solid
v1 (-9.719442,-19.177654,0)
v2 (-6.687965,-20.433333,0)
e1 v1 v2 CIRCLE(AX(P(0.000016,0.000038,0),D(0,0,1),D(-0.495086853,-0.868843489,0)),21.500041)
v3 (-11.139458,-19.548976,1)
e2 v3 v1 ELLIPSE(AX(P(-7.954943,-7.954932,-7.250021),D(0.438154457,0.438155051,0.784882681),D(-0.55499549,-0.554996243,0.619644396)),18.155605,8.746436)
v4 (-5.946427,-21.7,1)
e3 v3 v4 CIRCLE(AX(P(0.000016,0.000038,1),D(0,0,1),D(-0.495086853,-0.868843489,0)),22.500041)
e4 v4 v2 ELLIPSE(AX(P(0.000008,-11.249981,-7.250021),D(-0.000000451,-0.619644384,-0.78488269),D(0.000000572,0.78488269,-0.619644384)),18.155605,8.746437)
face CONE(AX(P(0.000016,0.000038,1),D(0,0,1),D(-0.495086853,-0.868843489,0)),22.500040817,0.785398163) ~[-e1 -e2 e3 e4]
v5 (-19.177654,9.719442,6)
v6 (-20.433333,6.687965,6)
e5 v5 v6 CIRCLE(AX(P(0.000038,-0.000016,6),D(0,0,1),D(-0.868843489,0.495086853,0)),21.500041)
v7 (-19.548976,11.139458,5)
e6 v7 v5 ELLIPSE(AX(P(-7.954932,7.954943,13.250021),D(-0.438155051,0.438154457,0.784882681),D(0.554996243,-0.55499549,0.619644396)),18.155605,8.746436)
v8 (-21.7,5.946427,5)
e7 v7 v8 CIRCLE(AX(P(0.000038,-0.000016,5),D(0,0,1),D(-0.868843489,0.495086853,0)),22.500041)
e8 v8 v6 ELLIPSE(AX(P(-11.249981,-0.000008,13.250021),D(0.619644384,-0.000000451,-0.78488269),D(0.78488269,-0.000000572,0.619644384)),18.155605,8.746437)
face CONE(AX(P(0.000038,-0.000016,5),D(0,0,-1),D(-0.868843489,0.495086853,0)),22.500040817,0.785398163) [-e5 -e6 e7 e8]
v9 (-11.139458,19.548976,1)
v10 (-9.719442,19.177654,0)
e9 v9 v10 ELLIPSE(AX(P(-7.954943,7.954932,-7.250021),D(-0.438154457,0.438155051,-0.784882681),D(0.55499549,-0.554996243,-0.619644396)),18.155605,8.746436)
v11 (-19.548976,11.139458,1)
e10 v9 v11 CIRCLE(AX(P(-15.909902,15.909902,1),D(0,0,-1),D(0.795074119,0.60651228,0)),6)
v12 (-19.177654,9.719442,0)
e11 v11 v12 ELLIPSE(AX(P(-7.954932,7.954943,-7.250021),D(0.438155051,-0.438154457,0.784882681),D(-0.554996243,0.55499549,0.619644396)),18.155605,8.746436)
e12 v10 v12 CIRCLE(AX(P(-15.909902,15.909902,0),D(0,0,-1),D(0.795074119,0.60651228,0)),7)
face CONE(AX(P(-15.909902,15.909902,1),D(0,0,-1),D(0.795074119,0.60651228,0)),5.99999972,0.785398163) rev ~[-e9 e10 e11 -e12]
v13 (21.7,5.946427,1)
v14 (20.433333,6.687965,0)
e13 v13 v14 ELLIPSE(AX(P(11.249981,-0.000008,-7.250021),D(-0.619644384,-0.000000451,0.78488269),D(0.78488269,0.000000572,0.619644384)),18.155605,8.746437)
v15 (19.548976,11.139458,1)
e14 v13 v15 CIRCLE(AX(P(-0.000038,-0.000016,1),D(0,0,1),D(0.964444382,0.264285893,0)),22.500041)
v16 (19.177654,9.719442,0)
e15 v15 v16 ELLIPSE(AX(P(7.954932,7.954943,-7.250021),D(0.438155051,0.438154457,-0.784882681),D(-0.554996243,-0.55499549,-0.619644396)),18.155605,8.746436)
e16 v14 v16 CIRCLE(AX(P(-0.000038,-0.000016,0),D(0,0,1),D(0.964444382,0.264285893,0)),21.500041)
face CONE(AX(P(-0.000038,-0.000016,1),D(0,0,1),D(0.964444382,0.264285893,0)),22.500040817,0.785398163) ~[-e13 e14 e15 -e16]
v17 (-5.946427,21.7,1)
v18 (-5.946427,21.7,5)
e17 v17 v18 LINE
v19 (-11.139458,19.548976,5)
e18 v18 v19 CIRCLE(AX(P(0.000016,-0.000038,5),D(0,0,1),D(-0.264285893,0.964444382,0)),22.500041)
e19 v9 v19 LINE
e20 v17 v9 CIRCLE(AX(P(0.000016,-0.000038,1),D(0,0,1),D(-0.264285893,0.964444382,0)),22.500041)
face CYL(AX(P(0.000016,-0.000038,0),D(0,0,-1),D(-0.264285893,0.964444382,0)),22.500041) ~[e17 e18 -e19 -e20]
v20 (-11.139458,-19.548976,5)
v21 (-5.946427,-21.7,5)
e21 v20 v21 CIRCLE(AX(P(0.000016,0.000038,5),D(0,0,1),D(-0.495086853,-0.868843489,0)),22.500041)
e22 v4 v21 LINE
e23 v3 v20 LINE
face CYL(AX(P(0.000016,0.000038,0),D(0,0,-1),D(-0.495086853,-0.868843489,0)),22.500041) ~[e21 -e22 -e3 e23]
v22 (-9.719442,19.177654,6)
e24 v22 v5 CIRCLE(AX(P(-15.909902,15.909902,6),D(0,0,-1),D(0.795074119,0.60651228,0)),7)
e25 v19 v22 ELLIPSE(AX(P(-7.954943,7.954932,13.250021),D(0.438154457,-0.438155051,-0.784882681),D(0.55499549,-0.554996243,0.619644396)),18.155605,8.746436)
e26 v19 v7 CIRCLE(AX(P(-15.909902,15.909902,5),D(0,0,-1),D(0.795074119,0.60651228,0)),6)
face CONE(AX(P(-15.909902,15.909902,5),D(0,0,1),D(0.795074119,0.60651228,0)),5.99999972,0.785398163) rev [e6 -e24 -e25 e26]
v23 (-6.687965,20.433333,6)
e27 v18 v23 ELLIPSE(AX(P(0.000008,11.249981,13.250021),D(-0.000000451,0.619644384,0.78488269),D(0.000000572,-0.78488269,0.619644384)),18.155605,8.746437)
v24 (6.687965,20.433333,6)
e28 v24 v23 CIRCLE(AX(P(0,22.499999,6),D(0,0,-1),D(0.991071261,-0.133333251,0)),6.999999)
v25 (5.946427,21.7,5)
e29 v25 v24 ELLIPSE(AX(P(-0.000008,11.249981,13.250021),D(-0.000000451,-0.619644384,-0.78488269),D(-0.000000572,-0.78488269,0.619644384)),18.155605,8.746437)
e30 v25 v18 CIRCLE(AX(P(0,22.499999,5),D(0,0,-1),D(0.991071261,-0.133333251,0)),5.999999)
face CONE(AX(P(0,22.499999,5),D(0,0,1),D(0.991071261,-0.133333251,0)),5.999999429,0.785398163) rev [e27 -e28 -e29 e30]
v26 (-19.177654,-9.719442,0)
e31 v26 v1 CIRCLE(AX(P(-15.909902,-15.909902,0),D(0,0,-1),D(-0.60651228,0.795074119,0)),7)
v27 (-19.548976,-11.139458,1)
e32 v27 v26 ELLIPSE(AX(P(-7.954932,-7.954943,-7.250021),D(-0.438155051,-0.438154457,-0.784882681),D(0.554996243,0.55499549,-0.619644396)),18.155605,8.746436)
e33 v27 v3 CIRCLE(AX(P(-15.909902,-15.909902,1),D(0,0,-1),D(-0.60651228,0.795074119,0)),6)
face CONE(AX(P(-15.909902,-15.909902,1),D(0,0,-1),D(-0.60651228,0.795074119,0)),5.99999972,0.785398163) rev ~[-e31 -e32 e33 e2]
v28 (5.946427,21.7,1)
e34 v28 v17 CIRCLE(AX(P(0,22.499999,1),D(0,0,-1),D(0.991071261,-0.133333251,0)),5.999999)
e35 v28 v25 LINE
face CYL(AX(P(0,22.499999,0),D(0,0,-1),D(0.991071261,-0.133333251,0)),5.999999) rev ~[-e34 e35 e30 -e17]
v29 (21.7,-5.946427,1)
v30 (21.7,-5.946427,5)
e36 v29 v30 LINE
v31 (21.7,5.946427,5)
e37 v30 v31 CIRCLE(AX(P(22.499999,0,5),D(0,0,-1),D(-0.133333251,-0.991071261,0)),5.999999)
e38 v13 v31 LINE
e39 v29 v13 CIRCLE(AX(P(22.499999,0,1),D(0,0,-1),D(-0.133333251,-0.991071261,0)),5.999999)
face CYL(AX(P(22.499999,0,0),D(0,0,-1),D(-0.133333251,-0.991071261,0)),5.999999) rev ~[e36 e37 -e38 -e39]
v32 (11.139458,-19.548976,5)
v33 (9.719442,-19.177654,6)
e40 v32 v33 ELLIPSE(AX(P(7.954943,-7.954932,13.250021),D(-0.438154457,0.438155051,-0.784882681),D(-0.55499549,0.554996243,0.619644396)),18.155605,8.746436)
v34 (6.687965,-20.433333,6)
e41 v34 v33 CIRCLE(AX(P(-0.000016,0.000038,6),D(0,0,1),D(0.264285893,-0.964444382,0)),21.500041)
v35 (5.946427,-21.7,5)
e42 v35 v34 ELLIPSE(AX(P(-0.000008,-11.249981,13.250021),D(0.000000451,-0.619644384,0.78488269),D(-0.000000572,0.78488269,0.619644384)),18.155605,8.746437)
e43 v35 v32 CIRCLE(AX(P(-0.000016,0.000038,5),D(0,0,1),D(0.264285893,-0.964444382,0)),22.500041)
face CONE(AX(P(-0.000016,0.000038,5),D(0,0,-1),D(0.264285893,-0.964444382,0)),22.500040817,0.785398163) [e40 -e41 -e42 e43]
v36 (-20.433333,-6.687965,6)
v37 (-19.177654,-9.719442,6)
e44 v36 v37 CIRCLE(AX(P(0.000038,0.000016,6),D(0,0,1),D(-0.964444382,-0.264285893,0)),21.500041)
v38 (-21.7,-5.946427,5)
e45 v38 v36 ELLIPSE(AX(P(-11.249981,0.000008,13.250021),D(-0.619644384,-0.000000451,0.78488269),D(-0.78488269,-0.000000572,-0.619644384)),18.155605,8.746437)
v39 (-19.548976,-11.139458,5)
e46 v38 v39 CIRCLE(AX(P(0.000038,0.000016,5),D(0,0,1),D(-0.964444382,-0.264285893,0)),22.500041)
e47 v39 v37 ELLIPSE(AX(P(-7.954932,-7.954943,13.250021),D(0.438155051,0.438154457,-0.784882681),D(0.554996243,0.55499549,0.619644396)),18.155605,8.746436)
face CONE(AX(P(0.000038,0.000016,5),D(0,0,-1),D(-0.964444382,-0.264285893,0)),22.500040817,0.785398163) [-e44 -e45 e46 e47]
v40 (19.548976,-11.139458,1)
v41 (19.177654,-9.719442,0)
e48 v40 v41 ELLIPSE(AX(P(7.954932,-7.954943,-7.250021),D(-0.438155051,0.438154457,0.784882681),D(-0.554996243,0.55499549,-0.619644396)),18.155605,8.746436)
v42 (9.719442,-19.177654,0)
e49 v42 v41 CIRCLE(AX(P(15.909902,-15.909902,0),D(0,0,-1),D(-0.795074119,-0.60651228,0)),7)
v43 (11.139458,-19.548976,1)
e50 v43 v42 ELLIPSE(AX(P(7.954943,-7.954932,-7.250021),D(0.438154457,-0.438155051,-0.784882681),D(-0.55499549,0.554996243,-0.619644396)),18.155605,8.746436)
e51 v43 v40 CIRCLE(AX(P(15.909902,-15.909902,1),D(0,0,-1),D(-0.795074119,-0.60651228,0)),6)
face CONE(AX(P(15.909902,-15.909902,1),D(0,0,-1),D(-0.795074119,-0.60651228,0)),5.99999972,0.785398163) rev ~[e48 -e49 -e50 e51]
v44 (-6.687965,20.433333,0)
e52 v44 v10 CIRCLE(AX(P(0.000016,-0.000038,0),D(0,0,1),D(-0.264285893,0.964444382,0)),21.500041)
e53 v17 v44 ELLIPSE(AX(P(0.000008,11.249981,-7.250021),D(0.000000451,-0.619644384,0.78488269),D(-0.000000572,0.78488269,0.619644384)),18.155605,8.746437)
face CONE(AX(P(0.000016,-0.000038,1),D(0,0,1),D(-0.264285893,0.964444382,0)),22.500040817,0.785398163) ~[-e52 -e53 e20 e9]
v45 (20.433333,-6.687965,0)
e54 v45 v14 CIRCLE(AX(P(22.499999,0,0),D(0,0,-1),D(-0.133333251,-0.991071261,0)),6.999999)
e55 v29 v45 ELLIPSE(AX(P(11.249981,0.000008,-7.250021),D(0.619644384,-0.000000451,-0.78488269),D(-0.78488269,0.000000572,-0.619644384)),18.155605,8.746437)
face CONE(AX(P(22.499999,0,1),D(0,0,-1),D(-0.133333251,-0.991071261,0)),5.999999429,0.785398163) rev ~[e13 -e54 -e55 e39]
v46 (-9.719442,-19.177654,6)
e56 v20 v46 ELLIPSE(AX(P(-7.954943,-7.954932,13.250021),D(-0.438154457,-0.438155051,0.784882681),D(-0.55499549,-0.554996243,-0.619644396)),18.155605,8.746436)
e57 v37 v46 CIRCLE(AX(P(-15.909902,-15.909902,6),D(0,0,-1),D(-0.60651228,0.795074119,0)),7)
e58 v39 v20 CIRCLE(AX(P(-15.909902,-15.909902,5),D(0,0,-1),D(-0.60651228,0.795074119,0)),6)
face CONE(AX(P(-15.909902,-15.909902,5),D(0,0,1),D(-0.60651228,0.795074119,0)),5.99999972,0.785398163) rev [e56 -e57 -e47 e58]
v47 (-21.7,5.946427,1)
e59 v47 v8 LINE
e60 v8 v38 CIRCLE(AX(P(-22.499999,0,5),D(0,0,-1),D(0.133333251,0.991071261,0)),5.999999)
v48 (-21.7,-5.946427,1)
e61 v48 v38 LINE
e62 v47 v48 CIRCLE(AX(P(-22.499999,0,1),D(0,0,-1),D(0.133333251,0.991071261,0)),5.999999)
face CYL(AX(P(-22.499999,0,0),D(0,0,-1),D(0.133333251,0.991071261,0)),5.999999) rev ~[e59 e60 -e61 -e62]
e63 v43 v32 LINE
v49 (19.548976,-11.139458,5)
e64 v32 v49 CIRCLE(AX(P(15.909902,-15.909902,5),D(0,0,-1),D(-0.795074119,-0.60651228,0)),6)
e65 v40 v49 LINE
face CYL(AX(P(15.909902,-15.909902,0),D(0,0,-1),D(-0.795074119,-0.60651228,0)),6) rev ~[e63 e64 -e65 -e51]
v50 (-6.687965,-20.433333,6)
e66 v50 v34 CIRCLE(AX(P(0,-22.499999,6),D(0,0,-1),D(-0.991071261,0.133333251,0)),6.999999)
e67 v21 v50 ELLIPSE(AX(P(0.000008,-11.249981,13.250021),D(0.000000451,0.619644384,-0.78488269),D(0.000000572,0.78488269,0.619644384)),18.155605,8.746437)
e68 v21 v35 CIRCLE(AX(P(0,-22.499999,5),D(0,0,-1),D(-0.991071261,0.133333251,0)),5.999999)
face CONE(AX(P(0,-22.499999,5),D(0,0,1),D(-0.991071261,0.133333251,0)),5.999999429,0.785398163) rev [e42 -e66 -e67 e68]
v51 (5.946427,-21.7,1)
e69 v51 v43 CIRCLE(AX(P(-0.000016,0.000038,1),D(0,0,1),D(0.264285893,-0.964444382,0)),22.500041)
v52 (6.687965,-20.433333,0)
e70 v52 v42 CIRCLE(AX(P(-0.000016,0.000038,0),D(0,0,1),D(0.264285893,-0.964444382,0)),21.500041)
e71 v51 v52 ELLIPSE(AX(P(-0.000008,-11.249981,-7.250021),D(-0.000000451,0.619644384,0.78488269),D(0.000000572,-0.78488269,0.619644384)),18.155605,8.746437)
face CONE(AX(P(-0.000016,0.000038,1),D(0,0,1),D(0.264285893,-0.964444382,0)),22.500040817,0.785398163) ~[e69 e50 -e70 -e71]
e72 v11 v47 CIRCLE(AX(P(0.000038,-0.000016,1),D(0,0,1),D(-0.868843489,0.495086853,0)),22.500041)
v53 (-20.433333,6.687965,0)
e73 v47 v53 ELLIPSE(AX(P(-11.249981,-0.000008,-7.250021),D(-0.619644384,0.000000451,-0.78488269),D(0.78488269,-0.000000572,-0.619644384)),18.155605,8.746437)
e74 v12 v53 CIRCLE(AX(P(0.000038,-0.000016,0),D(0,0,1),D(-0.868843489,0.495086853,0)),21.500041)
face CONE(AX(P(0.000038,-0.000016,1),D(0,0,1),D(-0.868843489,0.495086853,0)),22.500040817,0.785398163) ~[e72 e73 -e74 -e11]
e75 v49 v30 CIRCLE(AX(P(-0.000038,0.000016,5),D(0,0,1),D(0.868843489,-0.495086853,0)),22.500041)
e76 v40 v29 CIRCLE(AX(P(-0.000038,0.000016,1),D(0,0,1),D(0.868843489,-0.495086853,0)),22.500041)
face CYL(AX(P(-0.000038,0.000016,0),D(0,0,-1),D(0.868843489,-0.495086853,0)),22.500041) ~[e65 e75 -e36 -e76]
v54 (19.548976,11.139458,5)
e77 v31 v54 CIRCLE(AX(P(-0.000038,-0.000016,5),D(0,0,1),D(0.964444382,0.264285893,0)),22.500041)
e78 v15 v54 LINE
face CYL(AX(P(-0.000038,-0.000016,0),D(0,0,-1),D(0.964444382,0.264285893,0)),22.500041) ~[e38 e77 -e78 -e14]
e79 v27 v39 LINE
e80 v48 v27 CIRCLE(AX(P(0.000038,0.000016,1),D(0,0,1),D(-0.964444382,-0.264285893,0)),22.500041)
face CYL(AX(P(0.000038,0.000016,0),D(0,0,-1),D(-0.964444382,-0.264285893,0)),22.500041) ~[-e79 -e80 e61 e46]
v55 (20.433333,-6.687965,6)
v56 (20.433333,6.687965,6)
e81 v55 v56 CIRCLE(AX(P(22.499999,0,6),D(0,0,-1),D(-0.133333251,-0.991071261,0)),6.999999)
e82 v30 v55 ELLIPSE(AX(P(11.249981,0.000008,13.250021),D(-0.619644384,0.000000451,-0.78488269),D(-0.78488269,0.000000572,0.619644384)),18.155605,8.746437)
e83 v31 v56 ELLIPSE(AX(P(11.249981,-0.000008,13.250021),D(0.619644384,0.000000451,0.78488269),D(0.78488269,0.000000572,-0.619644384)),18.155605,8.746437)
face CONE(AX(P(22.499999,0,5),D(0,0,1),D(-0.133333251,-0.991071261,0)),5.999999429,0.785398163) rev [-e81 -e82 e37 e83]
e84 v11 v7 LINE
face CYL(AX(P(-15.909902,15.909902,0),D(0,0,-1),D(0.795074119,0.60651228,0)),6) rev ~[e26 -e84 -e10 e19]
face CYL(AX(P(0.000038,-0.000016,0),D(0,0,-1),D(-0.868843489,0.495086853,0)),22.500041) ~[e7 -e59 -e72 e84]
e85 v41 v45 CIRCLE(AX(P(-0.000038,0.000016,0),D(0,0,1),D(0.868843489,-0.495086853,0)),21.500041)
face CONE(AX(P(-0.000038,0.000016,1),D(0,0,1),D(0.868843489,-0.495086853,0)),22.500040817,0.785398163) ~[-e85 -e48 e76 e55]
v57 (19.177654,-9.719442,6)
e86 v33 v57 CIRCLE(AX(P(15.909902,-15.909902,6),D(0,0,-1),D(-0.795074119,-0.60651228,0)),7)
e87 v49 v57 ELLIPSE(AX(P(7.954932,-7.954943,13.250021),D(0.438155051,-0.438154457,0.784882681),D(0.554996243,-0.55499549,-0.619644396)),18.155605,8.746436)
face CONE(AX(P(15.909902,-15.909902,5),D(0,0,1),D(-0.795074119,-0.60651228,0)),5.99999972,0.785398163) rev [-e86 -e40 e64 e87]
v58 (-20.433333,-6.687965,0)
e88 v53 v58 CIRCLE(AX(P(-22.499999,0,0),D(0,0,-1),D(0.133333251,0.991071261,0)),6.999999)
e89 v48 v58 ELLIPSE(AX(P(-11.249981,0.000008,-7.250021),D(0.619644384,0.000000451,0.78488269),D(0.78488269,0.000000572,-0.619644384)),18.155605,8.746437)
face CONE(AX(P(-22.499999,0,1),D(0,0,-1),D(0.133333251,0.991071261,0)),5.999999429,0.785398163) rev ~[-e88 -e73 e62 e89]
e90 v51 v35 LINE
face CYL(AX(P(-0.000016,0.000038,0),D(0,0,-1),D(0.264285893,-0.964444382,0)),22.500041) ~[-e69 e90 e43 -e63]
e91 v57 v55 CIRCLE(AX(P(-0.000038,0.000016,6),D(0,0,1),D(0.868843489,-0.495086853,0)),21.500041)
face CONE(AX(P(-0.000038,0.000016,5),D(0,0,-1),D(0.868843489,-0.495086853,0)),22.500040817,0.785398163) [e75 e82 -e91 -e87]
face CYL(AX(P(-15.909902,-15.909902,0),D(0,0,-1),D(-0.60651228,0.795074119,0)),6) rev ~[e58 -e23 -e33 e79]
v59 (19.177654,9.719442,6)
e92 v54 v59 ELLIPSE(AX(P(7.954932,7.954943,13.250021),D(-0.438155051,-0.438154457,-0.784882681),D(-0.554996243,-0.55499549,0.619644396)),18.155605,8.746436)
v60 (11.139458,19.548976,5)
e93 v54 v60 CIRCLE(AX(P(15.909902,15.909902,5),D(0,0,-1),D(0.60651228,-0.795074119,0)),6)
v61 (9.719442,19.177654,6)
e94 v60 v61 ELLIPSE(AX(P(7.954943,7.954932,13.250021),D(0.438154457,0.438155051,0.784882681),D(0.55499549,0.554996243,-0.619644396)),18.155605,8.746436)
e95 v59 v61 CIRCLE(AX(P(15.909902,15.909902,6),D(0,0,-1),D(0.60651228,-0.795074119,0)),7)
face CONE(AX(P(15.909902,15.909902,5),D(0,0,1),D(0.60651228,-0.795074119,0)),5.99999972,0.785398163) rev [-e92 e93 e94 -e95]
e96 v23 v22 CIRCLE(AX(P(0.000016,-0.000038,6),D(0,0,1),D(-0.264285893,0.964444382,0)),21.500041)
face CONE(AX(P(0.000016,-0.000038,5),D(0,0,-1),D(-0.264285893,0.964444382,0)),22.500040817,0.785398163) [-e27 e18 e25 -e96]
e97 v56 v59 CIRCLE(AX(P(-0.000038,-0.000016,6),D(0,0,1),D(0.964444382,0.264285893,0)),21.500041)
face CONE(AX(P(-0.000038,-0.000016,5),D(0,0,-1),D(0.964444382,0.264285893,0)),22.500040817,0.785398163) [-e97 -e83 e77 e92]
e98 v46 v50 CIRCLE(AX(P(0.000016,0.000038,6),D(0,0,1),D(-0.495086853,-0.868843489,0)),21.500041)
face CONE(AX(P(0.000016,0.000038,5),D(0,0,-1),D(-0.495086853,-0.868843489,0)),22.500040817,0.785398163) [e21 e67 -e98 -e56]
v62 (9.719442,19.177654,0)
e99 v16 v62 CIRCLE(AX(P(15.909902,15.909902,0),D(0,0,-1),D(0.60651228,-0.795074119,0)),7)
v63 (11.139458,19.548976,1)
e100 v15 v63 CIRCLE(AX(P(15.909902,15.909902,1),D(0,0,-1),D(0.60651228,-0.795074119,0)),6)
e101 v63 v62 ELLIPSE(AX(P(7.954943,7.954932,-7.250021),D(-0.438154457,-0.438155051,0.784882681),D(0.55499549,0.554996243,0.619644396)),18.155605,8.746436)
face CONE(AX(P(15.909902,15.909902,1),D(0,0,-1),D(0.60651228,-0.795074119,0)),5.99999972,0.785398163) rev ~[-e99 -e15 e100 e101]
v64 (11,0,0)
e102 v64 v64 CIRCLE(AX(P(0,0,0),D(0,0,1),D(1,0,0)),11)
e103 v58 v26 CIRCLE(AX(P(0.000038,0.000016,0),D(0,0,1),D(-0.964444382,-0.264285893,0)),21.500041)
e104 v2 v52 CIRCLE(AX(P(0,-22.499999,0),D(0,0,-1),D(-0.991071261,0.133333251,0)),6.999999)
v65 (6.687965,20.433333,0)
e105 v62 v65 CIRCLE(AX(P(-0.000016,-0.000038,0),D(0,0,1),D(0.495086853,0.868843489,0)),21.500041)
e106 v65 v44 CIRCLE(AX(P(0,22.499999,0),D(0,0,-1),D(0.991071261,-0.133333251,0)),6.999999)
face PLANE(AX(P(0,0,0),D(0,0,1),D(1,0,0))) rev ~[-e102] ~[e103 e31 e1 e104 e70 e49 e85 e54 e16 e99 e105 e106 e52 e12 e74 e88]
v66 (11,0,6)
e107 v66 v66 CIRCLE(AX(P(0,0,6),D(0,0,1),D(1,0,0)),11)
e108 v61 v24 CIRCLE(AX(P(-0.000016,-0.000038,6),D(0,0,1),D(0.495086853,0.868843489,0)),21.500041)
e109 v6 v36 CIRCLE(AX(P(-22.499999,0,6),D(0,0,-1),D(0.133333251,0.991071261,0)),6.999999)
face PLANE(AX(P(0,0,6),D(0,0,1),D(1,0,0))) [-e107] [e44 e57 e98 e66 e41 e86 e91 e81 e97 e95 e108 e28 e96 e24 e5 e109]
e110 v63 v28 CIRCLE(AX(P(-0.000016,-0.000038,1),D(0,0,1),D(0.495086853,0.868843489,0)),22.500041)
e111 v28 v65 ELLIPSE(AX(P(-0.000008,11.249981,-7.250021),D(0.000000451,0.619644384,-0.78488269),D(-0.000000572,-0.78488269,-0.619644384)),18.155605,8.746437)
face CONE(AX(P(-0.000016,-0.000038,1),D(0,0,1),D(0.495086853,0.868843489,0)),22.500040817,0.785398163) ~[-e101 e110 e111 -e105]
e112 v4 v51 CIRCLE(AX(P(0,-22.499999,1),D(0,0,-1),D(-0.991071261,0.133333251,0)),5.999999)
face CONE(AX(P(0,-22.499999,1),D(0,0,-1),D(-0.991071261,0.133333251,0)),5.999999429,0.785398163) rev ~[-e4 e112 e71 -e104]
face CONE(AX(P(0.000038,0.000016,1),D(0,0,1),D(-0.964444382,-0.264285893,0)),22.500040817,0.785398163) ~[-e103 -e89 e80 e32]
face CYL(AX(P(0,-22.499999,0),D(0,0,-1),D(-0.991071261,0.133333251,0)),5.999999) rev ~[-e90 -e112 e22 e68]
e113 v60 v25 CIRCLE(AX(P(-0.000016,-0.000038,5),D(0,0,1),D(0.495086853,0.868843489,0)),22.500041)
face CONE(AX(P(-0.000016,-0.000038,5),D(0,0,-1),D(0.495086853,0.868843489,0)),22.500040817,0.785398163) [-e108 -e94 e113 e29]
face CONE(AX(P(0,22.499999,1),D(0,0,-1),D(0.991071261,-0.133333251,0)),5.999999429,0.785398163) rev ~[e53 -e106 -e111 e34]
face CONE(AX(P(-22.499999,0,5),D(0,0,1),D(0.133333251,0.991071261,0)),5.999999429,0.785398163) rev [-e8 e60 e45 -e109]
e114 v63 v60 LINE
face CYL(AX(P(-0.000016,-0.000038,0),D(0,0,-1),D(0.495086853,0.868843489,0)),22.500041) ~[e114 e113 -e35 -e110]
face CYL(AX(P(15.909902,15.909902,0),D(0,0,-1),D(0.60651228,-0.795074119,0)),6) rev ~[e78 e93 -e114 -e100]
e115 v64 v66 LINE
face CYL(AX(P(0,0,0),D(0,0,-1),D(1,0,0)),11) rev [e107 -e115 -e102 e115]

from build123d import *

# Parameters (mm, degrees)
F0_R     = 11
F1_DEPTH = 6
F2_SIZE  = 1


with BuildPart() as f1:
    # F0 (on Top) → F1 (new body)
    with BuildSketch(Plane.XY):
        with BuildLine():
            ThreePointArc((-11.139458, 19.548976), (-11.667262, 11.667262), (-19.548976, 11.139458))
            ThreePointArc((-19.548976, 11.139458), (-20.787289, 8.610377), (-21.7, 5.946427))
            ThreePointArc((-21.7, 5.946427), (-16.5, 0), (-21.7, -5.946427))
            ThreePointArc((-21.7, -5.946427), (-20.787289, -8.610377), (-19.548976, -11.139458))
            ThreePointArc((-19.548976, -11.139458), (-11.667262, -11.667262), (-11.139458, -19.548976))
            ThreePointArc((-11.139458, -19.548976), (-8.610377, -20.787289), (-5.946427, -21.7))
            ThreePointArc((-5.946427, -21.7), (0, -16.5), (5.946427, -21.7))
            ThreePointArc((5.946427, -21.7), (8.610377, -20.787289), (11.139458, -19.548976))
            ThreePointArc((11.139458, -19.548976), (11.667262, -11.667262), (19.548976, -11.139458))
            ThreePointArc((19.548976, -11.139458), (20.787289, -8.610377), (21.7, -5.946427))
            ThreePointArc((21.7, -5.946427), (16.5, 0), (21.7, 5.946427))
            ThreePointArc((21.7, 5.946427), (20.787289, 8.610377), (19.548976, 11.139458))
            ThreePointArc((19.548976, 11.139458), (11.667262, 11.667262), (11.139458, 19.548976))
            ThreePointArc((11.139458, 19.548976), (8.610377, 20.787289), (5.946427, 21.7))
            ThreePointArc((5.946427, 21.7), (0, 16.5), (-5.946427, 21.7))
            ThreePointArc((-5.946427, 21.7), (-8.610377, 20.787289), (-11.139458, 19.548976))
        make_face()
        Circle(F0_R, mode=Mode.SUBTRACT)
    extrude(amount=F1_DEPTH)

    # F2
    f2_edges = [f1.edges().sort_by_distance(p)[0] for p in [
        (-16.5, 0, 0),
        (-20.787289, 8.610377, 0),
        (-11.667262, 11.667262, 0),
        (-8.610377, 20.787289, 0),
        (0, 16.5, 0),
        (8.610377, 20.787289, 0),
        (11.667262, 11.667262, 0),
        (20.787289, 8.610377, 0),
        (16.5, 0, 0),
        (11.667262, -11.667262, 0),
        (20.787289, -8.610377, 0),
        (8.610377, -20.787289, 0),
        (0, -16.5, 0),
        (-8.610377, -20.787289, 0),
        (-11.667262, -11.667262, 0),
        (-20.787289, -8.610377, 0),
        (0, 16.5, 6),
        (-11.667262, 11.667262, 6),
        (-8.610377, 20.787289, 6),
        (8.610377, 20.787289, 6),
        (11.667262, 11.667262, 6),
        (20.787289, 8.610377, 6),
        (16.5, 0, 6),
        (20.787289, -8.610377, 6),
        (11.667262, -11.667262, 6),
        (0, -16.5, 6),
        (8.610377, -20.787289, 6),
        (-8.610377, -20.787289, 6),
        (-11.667262, -11.667262, 6),
        (-20.787289, -8.610377, 6),
        (-16.5, 0, 6),
        (-20.787289, 8.610377, 6),
    ]]
    chamfer(f2_edges, length=F2_SIZE)


solid = f1.part
